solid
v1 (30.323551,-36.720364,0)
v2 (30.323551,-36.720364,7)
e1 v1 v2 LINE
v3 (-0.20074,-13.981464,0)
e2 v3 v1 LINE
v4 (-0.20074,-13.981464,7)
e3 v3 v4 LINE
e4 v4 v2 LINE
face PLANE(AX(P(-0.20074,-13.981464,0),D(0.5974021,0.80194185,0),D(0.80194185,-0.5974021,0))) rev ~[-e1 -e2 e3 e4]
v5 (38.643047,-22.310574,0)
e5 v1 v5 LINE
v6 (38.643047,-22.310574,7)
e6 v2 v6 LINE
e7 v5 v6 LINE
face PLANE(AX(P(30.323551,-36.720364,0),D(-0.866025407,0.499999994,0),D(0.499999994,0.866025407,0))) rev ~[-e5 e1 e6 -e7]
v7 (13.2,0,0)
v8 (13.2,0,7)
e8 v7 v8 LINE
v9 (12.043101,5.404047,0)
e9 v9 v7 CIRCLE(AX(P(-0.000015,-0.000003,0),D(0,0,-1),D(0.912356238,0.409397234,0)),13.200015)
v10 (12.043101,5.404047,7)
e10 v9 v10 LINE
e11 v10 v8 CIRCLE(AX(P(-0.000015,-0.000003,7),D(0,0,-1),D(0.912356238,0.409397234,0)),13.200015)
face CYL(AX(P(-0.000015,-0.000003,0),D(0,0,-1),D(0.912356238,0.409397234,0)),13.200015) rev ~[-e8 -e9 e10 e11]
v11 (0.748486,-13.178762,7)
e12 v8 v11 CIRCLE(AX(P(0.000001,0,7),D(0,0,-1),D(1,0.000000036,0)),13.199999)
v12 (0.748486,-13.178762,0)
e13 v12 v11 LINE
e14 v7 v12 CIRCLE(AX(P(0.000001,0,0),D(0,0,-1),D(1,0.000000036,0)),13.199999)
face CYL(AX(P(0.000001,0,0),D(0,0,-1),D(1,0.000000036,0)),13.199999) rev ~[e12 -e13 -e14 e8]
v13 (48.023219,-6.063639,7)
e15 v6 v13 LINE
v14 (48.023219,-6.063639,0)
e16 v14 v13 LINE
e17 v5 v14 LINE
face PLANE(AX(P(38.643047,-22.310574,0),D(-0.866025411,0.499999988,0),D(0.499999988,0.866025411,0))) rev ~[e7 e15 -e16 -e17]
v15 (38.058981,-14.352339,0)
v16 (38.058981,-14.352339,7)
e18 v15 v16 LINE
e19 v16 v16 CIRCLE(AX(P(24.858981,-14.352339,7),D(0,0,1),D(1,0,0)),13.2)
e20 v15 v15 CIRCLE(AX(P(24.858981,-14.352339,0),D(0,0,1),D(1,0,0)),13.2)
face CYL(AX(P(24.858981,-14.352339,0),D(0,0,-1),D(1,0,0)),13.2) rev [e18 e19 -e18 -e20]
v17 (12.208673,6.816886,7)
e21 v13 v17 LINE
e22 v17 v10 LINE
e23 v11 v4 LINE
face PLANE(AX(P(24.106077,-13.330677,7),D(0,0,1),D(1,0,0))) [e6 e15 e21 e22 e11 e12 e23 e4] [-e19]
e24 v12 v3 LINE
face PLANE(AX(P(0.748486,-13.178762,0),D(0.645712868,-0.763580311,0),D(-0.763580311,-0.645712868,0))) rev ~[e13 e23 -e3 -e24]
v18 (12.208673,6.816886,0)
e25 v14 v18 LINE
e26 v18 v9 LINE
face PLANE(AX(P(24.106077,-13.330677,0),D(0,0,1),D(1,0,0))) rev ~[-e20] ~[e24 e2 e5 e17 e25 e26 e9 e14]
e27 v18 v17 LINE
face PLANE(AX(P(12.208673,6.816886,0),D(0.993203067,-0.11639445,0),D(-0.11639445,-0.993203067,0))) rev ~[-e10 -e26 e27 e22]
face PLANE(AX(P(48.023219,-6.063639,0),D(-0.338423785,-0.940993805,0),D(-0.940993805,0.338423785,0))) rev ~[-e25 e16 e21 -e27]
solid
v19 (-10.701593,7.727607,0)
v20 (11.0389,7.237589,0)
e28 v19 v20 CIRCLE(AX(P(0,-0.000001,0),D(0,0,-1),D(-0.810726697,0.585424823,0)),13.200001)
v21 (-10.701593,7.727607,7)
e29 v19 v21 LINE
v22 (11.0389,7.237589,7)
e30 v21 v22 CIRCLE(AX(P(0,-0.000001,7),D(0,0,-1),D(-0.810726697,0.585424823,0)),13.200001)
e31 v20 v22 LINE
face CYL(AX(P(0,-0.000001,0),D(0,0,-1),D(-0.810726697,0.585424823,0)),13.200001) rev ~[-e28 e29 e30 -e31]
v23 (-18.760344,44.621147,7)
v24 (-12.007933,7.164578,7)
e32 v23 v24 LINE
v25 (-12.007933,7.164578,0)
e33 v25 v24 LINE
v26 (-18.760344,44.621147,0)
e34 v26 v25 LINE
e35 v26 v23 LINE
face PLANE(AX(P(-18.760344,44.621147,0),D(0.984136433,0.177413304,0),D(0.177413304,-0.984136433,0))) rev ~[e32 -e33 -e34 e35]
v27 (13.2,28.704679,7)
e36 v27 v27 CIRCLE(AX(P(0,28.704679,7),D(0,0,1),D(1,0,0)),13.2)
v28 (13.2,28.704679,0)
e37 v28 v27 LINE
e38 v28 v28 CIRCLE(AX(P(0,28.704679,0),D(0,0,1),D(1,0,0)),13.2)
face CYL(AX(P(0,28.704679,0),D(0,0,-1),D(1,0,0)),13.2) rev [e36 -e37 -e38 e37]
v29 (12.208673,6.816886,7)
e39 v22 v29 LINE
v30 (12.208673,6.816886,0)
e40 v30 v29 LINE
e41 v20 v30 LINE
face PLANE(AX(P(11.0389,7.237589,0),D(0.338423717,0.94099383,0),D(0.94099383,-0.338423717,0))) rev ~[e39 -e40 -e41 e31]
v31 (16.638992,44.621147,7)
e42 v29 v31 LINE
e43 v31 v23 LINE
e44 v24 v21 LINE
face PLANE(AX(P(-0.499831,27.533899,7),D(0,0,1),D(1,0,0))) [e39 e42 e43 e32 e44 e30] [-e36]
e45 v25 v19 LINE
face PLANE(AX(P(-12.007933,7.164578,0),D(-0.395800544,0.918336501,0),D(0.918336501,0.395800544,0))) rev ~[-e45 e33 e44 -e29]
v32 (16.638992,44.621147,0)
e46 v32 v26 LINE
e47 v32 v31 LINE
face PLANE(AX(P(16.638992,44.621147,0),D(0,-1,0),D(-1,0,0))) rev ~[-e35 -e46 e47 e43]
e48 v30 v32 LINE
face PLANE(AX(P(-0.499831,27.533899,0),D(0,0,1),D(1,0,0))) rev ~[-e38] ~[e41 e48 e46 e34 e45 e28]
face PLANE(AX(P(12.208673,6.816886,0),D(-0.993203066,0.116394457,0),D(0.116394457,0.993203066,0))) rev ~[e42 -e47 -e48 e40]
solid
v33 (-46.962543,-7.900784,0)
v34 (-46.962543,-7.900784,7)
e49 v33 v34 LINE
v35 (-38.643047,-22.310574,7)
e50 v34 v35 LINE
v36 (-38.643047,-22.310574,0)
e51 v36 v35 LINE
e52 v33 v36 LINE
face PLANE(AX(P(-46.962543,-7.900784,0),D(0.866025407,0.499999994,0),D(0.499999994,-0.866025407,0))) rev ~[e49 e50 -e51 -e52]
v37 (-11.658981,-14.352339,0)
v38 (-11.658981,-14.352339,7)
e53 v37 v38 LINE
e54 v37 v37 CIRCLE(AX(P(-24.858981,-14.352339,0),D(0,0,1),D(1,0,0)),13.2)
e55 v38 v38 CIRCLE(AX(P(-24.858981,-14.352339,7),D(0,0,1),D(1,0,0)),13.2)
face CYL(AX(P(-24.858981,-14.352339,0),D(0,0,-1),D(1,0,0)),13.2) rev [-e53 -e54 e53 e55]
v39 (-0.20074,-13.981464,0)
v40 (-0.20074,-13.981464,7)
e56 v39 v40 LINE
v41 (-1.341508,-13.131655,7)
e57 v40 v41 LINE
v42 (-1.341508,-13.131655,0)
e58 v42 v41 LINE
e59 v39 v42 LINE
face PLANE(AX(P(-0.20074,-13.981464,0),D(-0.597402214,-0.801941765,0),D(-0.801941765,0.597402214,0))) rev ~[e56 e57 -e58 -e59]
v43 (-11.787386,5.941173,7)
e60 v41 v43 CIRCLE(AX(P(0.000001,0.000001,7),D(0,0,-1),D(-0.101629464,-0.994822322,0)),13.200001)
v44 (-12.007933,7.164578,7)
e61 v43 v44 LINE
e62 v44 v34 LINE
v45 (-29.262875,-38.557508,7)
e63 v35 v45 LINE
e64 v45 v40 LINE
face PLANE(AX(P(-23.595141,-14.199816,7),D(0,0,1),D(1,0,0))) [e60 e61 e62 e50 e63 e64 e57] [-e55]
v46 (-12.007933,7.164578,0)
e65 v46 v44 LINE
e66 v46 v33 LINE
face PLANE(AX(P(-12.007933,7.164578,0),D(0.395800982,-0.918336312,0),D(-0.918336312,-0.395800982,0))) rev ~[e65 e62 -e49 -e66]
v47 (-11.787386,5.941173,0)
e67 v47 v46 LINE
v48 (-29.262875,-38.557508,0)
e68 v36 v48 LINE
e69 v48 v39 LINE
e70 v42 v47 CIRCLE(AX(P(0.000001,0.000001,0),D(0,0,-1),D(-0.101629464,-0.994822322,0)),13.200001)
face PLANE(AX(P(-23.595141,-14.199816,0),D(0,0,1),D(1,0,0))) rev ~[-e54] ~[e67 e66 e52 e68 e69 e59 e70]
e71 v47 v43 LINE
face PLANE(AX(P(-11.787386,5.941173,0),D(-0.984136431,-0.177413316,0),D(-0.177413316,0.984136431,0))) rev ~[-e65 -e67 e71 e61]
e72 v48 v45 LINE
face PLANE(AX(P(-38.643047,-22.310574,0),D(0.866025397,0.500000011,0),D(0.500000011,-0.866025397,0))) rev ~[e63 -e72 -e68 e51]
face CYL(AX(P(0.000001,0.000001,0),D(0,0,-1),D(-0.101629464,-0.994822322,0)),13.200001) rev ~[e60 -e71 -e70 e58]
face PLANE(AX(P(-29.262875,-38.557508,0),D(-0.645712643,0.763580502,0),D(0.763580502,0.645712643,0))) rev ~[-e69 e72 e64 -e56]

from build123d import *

# Parameters (mm, degrees)
F0_R     = 13.2
F1_DEPTH = 7


with BuildPart() as f1:
    # F0 (on Top) → F1 (new body)
    with BuildSketch(Plane.XY):
        with BuildLine():
            Line((-0.20074, -13.981464), (-1.341508, -13.131655))
            ThreePointArc((-1.341508, -13.131655), (-11.577355, -6.340729), (-11.787386, 5.941173))
            Line((-11.787386, 5.941173), (-12.007933, 7.164578))
            Line((-12.007933, 7.164578), (-46.962543, -7.900784))
            Line((-46.962543, -7.900784), (-38.643047, -22.310574))
            Line((-38.643047, -22.310574), (-29.262875, -38.557508))
            Line((-29.262875, -38.557508), (-0.20074, -13.981464))
        make_face()
        with Locations((-24.858981, -14.352339)):
            Circle(F0_R, mode=Mode.SUBTRACT)
        with BuildLine():
            ThreePointArc((12.043101, 5.404047), (12.907535, 2.763247), (13.2, 0))
            ThreePointArc((13.2, 0), (9.594791, -9.065318), (0.748486, -13.178762))
            Line((0.748486, -13.178762), (-0.20074, -13.981464))
            Line((-0.20074, -13.981464), (30.323551, -36.720364))
            Line((30.323551, -36.720364), (38.643047, -22.310574))
            Line((38.643047, -22.310574), (48.023219, -6.063639))
            Line((48.023219, -6.063639), (12.208673, 6.816886))
            Line((12.208673, 6.816886), (12.043101, 5.404047))
        make_face()
        with Locations((24.858981, -14.352339)):
            Circle(F0_R, mode=Mode.SUBTRACT)
        with BuildLine():
            ThreePointArc((-10.701593, 7.727607), (0.297445, 13.196648), (11.0389, 7.237589))
            Line((11.0389, 7.237589), (12.208673, 6.816886))
            Line((12.208673, 6.816886), (16.638992, 44.621147))
            Line((16.638992, 44.621147), (0, 44.621147))
            Line((0, 44.621147), (-18.760344, 44.621147))
            Line((-18.760344, 44.621147), (-12.007933, 7.164578))
            Line((-12.007933, 7.164578), (-10.701593, 7.727607))
        make_face()
        with Locations((0, 28.704679)):
            Circle(F0_R, mode=Mode.SUBTRACT)
    extrude(amount=F1_DEPTH)


solid = f1.part
